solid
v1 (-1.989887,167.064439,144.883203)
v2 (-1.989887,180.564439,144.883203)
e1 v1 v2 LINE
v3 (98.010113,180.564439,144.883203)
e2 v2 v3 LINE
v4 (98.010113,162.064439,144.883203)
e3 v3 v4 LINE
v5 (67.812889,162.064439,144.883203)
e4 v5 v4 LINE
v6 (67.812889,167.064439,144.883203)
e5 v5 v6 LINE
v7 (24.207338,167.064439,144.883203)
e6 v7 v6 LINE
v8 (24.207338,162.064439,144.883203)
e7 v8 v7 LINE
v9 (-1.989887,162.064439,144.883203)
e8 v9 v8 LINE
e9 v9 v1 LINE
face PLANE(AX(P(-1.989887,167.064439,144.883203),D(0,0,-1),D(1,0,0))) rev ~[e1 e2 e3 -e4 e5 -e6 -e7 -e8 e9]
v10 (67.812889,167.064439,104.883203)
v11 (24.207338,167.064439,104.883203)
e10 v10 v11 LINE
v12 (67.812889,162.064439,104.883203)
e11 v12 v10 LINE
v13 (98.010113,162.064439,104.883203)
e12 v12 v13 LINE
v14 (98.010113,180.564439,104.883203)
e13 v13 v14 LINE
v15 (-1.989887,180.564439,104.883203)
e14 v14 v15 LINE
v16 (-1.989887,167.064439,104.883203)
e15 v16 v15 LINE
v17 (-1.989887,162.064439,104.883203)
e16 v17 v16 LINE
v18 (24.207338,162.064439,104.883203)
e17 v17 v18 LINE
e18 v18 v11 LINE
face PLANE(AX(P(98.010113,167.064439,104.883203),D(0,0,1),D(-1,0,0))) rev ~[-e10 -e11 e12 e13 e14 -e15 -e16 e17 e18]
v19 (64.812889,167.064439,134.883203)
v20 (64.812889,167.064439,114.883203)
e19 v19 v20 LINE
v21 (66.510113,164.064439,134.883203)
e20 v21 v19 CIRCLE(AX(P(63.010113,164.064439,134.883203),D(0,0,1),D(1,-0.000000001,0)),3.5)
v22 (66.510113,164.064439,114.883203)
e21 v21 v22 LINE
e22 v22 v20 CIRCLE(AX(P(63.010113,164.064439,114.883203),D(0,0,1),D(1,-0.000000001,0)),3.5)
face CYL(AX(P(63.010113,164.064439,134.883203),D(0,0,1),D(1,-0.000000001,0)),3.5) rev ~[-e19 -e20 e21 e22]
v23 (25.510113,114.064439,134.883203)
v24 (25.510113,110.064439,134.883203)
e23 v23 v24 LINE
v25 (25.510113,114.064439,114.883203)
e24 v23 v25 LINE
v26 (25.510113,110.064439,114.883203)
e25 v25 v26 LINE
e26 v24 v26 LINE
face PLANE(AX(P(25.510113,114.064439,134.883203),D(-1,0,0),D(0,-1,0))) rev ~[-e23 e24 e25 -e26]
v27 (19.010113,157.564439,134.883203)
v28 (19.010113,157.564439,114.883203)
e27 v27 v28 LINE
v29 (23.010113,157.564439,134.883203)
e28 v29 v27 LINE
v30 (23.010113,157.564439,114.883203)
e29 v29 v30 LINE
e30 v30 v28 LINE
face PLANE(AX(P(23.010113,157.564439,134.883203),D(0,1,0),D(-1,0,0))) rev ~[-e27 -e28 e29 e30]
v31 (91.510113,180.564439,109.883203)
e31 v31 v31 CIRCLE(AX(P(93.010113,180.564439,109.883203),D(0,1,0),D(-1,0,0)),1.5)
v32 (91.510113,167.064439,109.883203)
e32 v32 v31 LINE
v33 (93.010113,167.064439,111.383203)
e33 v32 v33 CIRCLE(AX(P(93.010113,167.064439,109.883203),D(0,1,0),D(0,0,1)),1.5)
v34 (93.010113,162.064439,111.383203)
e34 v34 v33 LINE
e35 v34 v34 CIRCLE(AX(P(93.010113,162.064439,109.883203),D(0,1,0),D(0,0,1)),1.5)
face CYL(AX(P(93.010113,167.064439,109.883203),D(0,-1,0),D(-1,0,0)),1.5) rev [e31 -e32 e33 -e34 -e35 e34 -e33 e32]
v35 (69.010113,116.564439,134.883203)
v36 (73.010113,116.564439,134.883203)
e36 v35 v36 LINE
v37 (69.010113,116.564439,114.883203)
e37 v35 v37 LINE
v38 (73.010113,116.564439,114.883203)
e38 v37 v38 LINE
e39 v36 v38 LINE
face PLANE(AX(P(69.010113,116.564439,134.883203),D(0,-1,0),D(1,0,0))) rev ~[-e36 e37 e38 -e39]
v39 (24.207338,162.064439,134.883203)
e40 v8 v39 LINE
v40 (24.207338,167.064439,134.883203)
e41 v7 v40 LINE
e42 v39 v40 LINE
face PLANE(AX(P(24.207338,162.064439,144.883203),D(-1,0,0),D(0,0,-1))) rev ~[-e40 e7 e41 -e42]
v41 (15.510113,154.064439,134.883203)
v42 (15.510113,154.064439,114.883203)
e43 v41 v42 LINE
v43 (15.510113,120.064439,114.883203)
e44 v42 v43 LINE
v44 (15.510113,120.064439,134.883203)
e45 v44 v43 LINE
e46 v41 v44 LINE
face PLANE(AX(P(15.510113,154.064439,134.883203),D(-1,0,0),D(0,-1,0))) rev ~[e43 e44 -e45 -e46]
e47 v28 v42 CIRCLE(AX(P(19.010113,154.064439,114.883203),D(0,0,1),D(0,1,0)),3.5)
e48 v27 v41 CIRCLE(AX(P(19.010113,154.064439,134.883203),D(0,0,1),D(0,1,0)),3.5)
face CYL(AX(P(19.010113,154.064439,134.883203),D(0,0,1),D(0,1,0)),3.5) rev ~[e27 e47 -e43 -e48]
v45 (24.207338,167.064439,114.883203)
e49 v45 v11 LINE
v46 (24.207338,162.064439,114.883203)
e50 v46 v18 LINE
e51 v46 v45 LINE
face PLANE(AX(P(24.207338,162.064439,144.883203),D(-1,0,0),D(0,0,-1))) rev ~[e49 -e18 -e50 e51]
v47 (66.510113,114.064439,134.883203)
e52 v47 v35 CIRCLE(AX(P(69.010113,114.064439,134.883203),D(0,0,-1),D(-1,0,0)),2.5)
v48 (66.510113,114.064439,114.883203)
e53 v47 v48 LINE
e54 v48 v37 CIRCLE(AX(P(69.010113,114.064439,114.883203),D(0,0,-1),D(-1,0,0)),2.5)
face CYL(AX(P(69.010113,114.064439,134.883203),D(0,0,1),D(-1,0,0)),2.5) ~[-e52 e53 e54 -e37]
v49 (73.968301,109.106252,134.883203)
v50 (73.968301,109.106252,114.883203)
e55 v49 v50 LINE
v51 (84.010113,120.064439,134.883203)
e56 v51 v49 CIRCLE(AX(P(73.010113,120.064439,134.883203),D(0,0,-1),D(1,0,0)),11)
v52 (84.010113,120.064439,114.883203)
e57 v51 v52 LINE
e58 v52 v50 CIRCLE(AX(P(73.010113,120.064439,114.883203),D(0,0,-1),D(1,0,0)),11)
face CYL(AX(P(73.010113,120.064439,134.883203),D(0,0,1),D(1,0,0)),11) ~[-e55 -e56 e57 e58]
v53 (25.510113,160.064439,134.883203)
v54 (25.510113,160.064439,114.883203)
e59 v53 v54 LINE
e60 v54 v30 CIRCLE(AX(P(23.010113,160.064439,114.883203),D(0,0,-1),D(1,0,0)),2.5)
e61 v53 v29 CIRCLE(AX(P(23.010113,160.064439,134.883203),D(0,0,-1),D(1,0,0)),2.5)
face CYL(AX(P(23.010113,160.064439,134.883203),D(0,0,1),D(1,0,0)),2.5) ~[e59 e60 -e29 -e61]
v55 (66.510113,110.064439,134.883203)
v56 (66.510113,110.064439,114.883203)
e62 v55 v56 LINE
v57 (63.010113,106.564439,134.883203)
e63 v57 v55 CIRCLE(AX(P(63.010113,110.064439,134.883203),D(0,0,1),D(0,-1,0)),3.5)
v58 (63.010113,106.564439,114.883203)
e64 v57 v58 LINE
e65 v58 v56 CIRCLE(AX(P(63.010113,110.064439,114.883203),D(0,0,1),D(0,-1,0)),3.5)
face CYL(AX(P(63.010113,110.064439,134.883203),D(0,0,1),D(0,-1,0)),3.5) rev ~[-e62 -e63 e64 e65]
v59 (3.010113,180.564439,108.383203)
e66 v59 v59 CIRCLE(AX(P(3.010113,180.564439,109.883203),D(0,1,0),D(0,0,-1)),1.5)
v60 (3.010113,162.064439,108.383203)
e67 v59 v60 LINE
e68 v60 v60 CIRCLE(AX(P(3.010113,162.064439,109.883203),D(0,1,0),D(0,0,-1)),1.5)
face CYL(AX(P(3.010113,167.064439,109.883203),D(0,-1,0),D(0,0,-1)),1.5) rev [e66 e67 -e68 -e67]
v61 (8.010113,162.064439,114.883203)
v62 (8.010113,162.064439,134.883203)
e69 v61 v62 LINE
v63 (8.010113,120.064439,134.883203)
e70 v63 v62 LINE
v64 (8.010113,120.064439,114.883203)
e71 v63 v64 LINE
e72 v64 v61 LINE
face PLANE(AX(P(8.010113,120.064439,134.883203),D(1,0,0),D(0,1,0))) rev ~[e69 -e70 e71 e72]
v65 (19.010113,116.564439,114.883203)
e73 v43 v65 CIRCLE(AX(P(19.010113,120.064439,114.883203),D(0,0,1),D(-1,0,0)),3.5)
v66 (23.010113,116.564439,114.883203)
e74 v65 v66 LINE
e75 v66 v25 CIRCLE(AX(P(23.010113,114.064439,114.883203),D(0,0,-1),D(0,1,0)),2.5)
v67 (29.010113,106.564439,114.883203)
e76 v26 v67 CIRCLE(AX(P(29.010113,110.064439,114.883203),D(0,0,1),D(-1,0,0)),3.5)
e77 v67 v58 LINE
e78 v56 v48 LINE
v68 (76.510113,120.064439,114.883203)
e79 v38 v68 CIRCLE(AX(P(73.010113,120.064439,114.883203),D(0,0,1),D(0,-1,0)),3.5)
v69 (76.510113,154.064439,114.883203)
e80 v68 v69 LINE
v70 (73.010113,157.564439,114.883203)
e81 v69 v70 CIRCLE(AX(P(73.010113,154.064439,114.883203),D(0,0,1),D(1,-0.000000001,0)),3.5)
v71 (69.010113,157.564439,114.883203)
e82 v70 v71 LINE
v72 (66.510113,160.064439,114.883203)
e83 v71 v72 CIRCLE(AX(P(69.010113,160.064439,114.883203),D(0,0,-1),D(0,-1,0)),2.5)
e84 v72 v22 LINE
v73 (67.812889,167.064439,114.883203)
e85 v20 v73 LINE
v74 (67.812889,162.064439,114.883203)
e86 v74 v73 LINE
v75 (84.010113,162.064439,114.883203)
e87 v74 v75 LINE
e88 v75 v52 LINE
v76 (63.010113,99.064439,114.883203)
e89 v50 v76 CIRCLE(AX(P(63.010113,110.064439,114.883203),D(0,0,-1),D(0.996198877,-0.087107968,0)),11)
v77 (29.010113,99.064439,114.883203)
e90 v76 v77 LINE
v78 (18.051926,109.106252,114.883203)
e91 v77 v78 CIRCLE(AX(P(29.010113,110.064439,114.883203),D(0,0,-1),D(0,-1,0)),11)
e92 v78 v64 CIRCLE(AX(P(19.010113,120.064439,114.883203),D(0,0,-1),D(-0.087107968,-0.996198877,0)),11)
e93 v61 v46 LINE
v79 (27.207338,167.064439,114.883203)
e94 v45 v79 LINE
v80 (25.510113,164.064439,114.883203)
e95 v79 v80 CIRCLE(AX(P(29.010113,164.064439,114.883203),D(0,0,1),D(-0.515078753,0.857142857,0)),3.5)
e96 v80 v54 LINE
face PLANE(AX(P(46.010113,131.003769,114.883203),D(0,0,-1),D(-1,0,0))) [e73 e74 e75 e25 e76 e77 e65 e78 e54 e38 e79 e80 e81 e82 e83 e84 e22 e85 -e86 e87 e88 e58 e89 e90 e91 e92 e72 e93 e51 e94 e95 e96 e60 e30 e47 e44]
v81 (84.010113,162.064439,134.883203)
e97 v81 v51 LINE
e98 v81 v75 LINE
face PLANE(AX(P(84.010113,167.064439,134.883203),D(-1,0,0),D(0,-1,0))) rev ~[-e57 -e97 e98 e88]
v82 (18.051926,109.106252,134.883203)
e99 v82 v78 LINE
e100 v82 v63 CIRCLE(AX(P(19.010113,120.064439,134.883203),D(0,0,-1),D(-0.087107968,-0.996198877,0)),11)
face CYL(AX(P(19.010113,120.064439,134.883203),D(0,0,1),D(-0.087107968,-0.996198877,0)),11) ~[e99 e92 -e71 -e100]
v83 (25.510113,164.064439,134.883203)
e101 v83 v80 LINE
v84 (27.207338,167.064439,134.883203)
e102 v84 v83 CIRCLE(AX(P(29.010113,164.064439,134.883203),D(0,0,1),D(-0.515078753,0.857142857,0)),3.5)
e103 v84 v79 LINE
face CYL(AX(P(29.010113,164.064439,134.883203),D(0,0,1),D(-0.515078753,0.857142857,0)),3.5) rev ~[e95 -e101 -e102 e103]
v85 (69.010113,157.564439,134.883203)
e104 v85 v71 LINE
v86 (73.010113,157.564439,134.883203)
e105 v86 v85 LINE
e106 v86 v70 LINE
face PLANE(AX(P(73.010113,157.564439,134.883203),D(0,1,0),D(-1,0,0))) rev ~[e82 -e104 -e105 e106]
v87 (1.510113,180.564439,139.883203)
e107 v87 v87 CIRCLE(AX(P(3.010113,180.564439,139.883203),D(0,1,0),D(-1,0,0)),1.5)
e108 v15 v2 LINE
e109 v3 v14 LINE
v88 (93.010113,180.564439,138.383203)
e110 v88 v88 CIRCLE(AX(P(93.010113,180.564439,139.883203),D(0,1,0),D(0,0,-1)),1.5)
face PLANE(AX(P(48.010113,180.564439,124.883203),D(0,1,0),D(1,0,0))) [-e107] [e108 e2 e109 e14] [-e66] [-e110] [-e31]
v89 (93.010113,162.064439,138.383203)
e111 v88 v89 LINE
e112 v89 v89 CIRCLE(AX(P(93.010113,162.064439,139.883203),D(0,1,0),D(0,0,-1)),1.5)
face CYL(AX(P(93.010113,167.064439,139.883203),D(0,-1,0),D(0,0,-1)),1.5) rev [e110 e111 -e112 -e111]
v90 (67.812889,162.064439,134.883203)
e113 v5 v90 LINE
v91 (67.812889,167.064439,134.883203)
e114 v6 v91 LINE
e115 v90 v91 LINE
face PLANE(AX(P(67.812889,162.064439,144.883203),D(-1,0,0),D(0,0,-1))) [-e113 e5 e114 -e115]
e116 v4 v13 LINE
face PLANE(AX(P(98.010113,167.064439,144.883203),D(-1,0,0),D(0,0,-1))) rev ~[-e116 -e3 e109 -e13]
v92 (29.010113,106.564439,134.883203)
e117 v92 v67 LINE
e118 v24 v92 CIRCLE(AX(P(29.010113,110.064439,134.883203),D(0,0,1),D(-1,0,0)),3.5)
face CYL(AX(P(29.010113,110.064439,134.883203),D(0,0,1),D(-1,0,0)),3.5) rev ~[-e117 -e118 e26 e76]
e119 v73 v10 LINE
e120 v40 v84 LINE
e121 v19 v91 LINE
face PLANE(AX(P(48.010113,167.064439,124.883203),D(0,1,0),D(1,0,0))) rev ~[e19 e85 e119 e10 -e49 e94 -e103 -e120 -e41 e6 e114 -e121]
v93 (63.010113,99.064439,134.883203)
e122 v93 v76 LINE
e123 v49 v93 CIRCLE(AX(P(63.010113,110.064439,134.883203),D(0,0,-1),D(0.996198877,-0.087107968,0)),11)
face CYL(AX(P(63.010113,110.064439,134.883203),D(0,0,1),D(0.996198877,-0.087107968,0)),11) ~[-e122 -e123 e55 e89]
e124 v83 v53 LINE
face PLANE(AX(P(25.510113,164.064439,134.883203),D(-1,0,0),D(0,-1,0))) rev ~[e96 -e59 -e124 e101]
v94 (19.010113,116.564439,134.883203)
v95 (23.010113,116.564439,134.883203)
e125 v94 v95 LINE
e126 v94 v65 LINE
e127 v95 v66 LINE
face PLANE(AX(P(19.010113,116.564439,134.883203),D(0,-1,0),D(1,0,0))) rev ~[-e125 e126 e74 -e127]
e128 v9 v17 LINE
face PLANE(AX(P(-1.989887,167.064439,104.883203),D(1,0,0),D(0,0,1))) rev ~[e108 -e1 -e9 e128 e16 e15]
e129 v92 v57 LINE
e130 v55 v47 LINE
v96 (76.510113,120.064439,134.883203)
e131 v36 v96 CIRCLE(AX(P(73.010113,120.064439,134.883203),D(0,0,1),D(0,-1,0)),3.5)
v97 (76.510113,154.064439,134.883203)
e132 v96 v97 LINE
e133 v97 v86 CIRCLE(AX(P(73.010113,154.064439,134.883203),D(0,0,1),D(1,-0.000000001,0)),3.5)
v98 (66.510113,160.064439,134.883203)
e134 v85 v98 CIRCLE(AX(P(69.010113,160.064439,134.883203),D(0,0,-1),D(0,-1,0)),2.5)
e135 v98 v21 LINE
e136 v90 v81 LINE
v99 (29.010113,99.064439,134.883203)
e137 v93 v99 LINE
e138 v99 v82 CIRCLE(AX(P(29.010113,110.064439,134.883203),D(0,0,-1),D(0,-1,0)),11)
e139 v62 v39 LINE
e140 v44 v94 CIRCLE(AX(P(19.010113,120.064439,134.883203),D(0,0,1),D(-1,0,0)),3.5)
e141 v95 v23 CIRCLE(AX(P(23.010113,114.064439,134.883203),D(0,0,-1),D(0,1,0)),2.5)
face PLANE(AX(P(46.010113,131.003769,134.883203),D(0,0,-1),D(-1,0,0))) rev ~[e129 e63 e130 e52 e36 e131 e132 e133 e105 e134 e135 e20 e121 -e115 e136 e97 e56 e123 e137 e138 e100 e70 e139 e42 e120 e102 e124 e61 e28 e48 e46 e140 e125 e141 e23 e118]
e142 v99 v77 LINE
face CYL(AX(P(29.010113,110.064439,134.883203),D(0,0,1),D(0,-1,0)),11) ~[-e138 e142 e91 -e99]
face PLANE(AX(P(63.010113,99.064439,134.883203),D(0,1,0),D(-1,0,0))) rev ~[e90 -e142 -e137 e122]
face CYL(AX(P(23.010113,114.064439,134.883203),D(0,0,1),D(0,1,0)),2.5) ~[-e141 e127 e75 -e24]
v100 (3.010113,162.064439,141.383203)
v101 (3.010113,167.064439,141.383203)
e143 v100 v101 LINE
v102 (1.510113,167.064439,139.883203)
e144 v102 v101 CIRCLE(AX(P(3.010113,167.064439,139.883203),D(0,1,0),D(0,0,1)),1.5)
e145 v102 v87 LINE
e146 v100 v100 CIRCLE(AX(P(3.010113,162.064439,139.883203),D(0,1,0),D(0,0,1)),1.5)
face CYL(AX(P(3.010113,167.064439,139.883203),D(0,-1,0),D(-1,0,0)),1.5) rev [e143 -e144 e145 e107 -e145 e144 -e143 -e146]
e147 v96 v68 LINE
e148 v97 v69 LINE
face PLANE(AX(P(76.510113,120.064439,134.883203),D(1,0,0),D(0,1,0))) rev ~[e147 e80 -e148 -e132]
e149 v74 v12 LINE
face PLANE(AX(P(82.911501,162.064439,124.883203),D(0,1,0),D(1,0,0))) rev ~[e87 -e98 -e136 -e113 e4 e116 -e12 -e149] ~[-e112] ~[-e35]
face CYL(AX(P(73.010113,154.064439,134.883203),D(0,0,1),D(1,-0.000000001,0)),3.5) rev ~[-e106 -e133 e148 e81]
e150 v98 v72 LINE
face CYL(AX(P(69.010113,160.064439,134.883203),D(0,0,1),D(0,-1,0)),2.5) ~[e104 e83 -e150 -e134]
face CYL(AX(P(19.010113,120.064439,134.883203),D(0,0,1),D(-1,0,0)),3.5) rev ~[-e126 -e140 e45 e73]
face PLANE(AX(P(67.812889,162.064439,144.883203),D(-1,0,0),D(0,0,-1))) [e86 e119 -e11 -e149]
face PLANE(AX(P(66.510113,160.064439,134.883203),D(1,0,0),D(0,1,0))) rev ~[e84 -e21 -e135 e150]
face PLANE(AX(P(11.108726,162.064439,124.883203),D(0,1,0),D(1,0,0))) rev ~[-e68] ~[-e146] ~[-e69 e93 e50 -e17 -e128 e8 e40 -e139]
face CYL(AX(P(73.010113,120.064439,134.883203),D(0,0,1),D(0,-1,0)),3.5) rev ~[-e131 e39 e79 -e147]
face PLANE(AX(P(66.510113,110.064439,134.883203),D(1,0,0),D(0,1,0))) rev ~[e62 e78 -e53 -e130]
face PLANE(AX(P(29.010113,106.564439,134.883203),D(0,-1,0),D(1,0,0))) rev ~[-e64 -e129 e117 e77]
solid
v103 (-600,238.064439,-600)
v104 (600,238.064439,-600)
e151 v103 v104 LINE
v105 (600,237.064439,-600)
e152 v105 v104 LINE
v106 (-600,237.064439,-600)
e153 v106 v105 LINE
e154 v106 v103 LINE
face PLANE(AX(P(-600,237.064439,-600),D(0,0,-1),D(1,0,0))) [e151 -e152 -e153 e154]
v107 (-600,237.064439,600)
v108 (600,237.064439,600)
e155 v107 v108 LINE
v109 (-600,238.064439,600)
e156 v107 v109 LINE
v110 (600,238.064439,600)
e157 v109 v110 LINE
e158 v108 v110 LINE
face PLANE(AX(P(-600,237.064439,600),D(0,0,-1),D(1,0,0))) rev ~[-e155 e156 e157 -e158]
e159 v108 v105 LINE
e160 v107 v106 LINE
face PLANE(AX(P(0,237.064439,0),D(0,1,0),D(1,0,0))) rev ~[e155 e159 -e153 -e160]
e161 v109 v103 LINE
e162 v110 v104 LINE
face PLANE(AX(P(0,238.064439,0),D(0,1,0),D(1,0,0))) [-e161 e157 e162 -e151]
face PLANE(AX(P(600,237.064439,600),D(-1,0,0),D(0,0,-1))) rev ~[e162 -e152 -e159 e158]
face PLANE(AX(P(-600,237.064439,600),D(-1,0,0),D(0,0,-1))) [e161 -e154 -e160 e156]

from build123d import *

# Parameters (mm, degrees)
BOSS_EXTRUDE1_DEPTH = 20
BOSS_EXTRUDE2_START = -5
SKETCH3_W           = 26.197224363
SKETCH3_H           = 40
SKETCH3_R           = 1.5
SKETCH3_W_2         = 30.197224362
BOSS_EXTRUDE2_DEPTH = 5
SKETCH4_W           = 1200
SKETCH4_H           = 1200
BOSS_EXTRUDE3_DEPTH = 1
SKETCH5_R           = 1.5
BOSS_EXTRUDE4_DEPTH = 13.5


with BuildPart() as part:
    # Sketch2 → Boss-Extrude1 (new body)
    with BuildSketch(Plane(origin=(0, 0, 134.88320255), x_dir=(-1, 0, 0), z_dir=(0, 0, -1))):
        with BuildLine():
            Line((-8.010113394, 167.06443927), (-27.207337757, 167.06443927))
            ThreePointArc((-27.207337757, 167.06443927), (-25.963827563, 165.787849446), (-25.510113394, 164.06443927))
            Line((-25.510113394, 164.06443927), (-25.510113394, 160.06443927))
            ThreePointArc((-25.510113394, 160.06443927), (-24.777880347, 158.296672317), (-23.010113394, 157.56443927))
            Line((-23.010113394, 157.56443927), (-19.010113394, 157.56443927))
            ThreePointArc((-19.010113394, 157.56443927), (-16.53523966, 156.539313005), (-15.510113394, 154.06443927))
            Line((-15.510113394, 154.06443927), (-15.510113394, 120.06443927))
            ThreePointArc((-15.510113394, 120.06443927), (-16.53523966, 117.589565536), (-19.010113394, 116.56443927))
            Line((-19.010113394, 116.56443927), (-23.010113394, 116.56443927))
            ThreePointArc((-23.010113394, 116.56443927), (-24.777880347, 115.832206223), (-25.510113394, 114.06443927))
            Line((-25.510113394, 114.06443927), (-25.510113394, 110.06443927))
            ThreePointArc((-25.510113394, 110.06443927), (-26.53523966, 107.589565536), (-29.010113394, 106.56443927))
            Line((-29.010113394, 106.56443927), (-63.010113394, 106.56443927))
            ThreePointArc((-63.010113394, 106.56443927), (-65.484987129, 107.589565536), (-66.510113394, 110.06443927))
            Line((-66.510113394, 110.06443927), (-66.510113394, 114.06443927))
            ThreePointArc((-66.510113394, 114.06443927), (-67.242346441, 115.832206223), (-69.010113394, 116.56443927))
            Line((-69.010113394, 116.56443927), (-73.010113394, 116.56443927))
            ThreePointArc((-73.010113394, 116.56443927), (-75.484987129, 117.589565536), (-76.510113394, 120.06443927))
            Line((-76.510113394, 120.06443927), (-76.510113394, 154.06443927))
            ThreePointArc((-76.510113394, 154.06443927), (-75.484987129, 156.539313005), (-73.010113394, 157.56443927))
            Line((-73.010113394, 157.56443927), (-69.010113394, 157.56443927))
            ThreePointArc((-69.010113394, 157.56443927), (-67.242346441, 158.296672317), (-66.510113394, 160.06443927))
            Line((-66.510113394, 160.06443927), (-66.510113394, 164.06443927))
            ThreePointArc((-66.510113394, 164.06443927), (-66.056399226, 165.787849446), (-64.812889032, 167.06443927))
            Line((-64.812889032, 167.06443927), (-84.010113394, 167.06443927))
            Line((-84.010113394, 167.06443927), (-84.010113394, 154.06443927))
            Line((-84.010113394, 154.06443927), (-84.010113394, 120.06443927))
            ThreePointArc((-84.010113394, 120.06443927), (-81.119985899, 112.63275252), (-73.968301038, 109.106251627))
            ThreePointArc((-73.968301038, 109.106251627), (-70.441800145, 101.954566766), (-63.010113394, 99.06443927))
            Line((-63.010113394, 99.06443927), (-29.010113394, 99.06443927))
            ThreePointArc((-29.010113394, 99.06443927), (-21.578426644, 101.954566766), (-18.051925751, 109.106251627))
            ThreePointArc((-18.051925751, 109.106251627), (-10.90024089, 112.63275252), (-8.010113394, 120.06443927))
            Line((-8.010113394, 120.06443927), (-8.010113394, 154.06443927))
            Line((-8.010113394, 154.06443927), (-8.010113394, 167.06443927))
        make_face()
    extrude(amount=BOSS_EXTRUDE1_DEPTH)

    # Sketch3 → Boss-Extrude2 (add)
    # profile 1 of 2: a face of its own
    with BuildSketch(Plane(origin=(0, 167.06443927, 0), x_dir=(1, 0, 0), z_dir=(0, 1, 0)).offset(BOSS_EXTRUDE2_START)):
        with Locations((11.108725576, -124.88320255)):
            Rectangle(SKETCH3_W, SKETCH3_H)
        with Locations(Location((3.010113394, -139.88320255, 0), (0, 0, 270))):
            Circle(SKETCH3_R, mode=Mode.SUBTRACT)
        with Locations(Location((3.010113394, -109.88320255, 0), (0, 0, 90))):
            Circle(SKETCH3_R, mode=Mode.SUBTRACT)
    # profile 2 of 2: a face of its own
    with BuildSketch(Plane(origin=(0, 167.06443927, 0), x_dir=(1, 0, 0), z_dir=(0, 1, 0)).offset(BOSS_EXTRUDE2_START)):
        with Locations((82.911501213, -124.88320255)):
            Rectangle(SKETCH3_W_2, SKETCH3_H)
        with Locations(Location((93.010113394, -109.88320255, 0), (0, 0, 270))):
            Circle(SKETCH3_R, mode=Mode.SUBTRACT)
        with Locations(Location((93.010113394, -139.88320255, 0), (0, 0, 90))):
            Circle(SKETCH3_R, mode=Mode.SUBTRACT)
    extrude(amount=BOSS_EXTRUDE2_DEPTH)

    # Sketch5 → Boss-Extrude4 (add)
    with BuildSketch(Plane(origin=(0, 167.06443927, 0), x_dir=(1, 0, 0), z_dir=(0, 1, 0))):
        Polygon((98.010113394, -144.88320255), (98.010113394, -104.88320255), (67.812889032, -104.88320255), (24.207337757, -104.88320255), (-1.989886606, -104.88320255), (-1.989886606, -144.88320255), (24.207337757, -144.88320255), (67.812889032, -144.88320255), align=None)
        with Locations(Location((93.010113394, -139.88320255, 0), (0, 0, 90))):
            Circle(SKETCH5_R, mode=Mode.SUBTRACT)
        with Locations(Location((93.010113394, -109.88320255, 0), (0, 0, 180))):
            Circle(SKETCH5_R, mode=Mode.SUBTRACT)
        with Locations(Location((3.010113394, -139.88320255, 0), (0, 0, 180))):
            Circle(SKETCH5_R, mode=Mode.SUBTRACT)
        with Locations(Location((3.010113394, -109.88320255, 0), (0, 0, 90))):
            Circle(SKETCH5_R, mode=Mode.SUBTRACT)
    extrude(amount=BOSS_EXTRUDE4_DEPTH)


with BuildPart() as body_2:
    # Sketch4 → Boss-Extrude3 (new body)
    with BuildSketch(Plane(origin=(0, 237.06443927, 0), x_dir=(1, 0, 0), z_dir=(0, 1, 0))):
        Rectangle(SKETCH4_W, SKETCH4_H)
    extrude(amount=BOSS_EXTRUDE3_DEPTH)


solid = Compound([part.part, body_2.part])
